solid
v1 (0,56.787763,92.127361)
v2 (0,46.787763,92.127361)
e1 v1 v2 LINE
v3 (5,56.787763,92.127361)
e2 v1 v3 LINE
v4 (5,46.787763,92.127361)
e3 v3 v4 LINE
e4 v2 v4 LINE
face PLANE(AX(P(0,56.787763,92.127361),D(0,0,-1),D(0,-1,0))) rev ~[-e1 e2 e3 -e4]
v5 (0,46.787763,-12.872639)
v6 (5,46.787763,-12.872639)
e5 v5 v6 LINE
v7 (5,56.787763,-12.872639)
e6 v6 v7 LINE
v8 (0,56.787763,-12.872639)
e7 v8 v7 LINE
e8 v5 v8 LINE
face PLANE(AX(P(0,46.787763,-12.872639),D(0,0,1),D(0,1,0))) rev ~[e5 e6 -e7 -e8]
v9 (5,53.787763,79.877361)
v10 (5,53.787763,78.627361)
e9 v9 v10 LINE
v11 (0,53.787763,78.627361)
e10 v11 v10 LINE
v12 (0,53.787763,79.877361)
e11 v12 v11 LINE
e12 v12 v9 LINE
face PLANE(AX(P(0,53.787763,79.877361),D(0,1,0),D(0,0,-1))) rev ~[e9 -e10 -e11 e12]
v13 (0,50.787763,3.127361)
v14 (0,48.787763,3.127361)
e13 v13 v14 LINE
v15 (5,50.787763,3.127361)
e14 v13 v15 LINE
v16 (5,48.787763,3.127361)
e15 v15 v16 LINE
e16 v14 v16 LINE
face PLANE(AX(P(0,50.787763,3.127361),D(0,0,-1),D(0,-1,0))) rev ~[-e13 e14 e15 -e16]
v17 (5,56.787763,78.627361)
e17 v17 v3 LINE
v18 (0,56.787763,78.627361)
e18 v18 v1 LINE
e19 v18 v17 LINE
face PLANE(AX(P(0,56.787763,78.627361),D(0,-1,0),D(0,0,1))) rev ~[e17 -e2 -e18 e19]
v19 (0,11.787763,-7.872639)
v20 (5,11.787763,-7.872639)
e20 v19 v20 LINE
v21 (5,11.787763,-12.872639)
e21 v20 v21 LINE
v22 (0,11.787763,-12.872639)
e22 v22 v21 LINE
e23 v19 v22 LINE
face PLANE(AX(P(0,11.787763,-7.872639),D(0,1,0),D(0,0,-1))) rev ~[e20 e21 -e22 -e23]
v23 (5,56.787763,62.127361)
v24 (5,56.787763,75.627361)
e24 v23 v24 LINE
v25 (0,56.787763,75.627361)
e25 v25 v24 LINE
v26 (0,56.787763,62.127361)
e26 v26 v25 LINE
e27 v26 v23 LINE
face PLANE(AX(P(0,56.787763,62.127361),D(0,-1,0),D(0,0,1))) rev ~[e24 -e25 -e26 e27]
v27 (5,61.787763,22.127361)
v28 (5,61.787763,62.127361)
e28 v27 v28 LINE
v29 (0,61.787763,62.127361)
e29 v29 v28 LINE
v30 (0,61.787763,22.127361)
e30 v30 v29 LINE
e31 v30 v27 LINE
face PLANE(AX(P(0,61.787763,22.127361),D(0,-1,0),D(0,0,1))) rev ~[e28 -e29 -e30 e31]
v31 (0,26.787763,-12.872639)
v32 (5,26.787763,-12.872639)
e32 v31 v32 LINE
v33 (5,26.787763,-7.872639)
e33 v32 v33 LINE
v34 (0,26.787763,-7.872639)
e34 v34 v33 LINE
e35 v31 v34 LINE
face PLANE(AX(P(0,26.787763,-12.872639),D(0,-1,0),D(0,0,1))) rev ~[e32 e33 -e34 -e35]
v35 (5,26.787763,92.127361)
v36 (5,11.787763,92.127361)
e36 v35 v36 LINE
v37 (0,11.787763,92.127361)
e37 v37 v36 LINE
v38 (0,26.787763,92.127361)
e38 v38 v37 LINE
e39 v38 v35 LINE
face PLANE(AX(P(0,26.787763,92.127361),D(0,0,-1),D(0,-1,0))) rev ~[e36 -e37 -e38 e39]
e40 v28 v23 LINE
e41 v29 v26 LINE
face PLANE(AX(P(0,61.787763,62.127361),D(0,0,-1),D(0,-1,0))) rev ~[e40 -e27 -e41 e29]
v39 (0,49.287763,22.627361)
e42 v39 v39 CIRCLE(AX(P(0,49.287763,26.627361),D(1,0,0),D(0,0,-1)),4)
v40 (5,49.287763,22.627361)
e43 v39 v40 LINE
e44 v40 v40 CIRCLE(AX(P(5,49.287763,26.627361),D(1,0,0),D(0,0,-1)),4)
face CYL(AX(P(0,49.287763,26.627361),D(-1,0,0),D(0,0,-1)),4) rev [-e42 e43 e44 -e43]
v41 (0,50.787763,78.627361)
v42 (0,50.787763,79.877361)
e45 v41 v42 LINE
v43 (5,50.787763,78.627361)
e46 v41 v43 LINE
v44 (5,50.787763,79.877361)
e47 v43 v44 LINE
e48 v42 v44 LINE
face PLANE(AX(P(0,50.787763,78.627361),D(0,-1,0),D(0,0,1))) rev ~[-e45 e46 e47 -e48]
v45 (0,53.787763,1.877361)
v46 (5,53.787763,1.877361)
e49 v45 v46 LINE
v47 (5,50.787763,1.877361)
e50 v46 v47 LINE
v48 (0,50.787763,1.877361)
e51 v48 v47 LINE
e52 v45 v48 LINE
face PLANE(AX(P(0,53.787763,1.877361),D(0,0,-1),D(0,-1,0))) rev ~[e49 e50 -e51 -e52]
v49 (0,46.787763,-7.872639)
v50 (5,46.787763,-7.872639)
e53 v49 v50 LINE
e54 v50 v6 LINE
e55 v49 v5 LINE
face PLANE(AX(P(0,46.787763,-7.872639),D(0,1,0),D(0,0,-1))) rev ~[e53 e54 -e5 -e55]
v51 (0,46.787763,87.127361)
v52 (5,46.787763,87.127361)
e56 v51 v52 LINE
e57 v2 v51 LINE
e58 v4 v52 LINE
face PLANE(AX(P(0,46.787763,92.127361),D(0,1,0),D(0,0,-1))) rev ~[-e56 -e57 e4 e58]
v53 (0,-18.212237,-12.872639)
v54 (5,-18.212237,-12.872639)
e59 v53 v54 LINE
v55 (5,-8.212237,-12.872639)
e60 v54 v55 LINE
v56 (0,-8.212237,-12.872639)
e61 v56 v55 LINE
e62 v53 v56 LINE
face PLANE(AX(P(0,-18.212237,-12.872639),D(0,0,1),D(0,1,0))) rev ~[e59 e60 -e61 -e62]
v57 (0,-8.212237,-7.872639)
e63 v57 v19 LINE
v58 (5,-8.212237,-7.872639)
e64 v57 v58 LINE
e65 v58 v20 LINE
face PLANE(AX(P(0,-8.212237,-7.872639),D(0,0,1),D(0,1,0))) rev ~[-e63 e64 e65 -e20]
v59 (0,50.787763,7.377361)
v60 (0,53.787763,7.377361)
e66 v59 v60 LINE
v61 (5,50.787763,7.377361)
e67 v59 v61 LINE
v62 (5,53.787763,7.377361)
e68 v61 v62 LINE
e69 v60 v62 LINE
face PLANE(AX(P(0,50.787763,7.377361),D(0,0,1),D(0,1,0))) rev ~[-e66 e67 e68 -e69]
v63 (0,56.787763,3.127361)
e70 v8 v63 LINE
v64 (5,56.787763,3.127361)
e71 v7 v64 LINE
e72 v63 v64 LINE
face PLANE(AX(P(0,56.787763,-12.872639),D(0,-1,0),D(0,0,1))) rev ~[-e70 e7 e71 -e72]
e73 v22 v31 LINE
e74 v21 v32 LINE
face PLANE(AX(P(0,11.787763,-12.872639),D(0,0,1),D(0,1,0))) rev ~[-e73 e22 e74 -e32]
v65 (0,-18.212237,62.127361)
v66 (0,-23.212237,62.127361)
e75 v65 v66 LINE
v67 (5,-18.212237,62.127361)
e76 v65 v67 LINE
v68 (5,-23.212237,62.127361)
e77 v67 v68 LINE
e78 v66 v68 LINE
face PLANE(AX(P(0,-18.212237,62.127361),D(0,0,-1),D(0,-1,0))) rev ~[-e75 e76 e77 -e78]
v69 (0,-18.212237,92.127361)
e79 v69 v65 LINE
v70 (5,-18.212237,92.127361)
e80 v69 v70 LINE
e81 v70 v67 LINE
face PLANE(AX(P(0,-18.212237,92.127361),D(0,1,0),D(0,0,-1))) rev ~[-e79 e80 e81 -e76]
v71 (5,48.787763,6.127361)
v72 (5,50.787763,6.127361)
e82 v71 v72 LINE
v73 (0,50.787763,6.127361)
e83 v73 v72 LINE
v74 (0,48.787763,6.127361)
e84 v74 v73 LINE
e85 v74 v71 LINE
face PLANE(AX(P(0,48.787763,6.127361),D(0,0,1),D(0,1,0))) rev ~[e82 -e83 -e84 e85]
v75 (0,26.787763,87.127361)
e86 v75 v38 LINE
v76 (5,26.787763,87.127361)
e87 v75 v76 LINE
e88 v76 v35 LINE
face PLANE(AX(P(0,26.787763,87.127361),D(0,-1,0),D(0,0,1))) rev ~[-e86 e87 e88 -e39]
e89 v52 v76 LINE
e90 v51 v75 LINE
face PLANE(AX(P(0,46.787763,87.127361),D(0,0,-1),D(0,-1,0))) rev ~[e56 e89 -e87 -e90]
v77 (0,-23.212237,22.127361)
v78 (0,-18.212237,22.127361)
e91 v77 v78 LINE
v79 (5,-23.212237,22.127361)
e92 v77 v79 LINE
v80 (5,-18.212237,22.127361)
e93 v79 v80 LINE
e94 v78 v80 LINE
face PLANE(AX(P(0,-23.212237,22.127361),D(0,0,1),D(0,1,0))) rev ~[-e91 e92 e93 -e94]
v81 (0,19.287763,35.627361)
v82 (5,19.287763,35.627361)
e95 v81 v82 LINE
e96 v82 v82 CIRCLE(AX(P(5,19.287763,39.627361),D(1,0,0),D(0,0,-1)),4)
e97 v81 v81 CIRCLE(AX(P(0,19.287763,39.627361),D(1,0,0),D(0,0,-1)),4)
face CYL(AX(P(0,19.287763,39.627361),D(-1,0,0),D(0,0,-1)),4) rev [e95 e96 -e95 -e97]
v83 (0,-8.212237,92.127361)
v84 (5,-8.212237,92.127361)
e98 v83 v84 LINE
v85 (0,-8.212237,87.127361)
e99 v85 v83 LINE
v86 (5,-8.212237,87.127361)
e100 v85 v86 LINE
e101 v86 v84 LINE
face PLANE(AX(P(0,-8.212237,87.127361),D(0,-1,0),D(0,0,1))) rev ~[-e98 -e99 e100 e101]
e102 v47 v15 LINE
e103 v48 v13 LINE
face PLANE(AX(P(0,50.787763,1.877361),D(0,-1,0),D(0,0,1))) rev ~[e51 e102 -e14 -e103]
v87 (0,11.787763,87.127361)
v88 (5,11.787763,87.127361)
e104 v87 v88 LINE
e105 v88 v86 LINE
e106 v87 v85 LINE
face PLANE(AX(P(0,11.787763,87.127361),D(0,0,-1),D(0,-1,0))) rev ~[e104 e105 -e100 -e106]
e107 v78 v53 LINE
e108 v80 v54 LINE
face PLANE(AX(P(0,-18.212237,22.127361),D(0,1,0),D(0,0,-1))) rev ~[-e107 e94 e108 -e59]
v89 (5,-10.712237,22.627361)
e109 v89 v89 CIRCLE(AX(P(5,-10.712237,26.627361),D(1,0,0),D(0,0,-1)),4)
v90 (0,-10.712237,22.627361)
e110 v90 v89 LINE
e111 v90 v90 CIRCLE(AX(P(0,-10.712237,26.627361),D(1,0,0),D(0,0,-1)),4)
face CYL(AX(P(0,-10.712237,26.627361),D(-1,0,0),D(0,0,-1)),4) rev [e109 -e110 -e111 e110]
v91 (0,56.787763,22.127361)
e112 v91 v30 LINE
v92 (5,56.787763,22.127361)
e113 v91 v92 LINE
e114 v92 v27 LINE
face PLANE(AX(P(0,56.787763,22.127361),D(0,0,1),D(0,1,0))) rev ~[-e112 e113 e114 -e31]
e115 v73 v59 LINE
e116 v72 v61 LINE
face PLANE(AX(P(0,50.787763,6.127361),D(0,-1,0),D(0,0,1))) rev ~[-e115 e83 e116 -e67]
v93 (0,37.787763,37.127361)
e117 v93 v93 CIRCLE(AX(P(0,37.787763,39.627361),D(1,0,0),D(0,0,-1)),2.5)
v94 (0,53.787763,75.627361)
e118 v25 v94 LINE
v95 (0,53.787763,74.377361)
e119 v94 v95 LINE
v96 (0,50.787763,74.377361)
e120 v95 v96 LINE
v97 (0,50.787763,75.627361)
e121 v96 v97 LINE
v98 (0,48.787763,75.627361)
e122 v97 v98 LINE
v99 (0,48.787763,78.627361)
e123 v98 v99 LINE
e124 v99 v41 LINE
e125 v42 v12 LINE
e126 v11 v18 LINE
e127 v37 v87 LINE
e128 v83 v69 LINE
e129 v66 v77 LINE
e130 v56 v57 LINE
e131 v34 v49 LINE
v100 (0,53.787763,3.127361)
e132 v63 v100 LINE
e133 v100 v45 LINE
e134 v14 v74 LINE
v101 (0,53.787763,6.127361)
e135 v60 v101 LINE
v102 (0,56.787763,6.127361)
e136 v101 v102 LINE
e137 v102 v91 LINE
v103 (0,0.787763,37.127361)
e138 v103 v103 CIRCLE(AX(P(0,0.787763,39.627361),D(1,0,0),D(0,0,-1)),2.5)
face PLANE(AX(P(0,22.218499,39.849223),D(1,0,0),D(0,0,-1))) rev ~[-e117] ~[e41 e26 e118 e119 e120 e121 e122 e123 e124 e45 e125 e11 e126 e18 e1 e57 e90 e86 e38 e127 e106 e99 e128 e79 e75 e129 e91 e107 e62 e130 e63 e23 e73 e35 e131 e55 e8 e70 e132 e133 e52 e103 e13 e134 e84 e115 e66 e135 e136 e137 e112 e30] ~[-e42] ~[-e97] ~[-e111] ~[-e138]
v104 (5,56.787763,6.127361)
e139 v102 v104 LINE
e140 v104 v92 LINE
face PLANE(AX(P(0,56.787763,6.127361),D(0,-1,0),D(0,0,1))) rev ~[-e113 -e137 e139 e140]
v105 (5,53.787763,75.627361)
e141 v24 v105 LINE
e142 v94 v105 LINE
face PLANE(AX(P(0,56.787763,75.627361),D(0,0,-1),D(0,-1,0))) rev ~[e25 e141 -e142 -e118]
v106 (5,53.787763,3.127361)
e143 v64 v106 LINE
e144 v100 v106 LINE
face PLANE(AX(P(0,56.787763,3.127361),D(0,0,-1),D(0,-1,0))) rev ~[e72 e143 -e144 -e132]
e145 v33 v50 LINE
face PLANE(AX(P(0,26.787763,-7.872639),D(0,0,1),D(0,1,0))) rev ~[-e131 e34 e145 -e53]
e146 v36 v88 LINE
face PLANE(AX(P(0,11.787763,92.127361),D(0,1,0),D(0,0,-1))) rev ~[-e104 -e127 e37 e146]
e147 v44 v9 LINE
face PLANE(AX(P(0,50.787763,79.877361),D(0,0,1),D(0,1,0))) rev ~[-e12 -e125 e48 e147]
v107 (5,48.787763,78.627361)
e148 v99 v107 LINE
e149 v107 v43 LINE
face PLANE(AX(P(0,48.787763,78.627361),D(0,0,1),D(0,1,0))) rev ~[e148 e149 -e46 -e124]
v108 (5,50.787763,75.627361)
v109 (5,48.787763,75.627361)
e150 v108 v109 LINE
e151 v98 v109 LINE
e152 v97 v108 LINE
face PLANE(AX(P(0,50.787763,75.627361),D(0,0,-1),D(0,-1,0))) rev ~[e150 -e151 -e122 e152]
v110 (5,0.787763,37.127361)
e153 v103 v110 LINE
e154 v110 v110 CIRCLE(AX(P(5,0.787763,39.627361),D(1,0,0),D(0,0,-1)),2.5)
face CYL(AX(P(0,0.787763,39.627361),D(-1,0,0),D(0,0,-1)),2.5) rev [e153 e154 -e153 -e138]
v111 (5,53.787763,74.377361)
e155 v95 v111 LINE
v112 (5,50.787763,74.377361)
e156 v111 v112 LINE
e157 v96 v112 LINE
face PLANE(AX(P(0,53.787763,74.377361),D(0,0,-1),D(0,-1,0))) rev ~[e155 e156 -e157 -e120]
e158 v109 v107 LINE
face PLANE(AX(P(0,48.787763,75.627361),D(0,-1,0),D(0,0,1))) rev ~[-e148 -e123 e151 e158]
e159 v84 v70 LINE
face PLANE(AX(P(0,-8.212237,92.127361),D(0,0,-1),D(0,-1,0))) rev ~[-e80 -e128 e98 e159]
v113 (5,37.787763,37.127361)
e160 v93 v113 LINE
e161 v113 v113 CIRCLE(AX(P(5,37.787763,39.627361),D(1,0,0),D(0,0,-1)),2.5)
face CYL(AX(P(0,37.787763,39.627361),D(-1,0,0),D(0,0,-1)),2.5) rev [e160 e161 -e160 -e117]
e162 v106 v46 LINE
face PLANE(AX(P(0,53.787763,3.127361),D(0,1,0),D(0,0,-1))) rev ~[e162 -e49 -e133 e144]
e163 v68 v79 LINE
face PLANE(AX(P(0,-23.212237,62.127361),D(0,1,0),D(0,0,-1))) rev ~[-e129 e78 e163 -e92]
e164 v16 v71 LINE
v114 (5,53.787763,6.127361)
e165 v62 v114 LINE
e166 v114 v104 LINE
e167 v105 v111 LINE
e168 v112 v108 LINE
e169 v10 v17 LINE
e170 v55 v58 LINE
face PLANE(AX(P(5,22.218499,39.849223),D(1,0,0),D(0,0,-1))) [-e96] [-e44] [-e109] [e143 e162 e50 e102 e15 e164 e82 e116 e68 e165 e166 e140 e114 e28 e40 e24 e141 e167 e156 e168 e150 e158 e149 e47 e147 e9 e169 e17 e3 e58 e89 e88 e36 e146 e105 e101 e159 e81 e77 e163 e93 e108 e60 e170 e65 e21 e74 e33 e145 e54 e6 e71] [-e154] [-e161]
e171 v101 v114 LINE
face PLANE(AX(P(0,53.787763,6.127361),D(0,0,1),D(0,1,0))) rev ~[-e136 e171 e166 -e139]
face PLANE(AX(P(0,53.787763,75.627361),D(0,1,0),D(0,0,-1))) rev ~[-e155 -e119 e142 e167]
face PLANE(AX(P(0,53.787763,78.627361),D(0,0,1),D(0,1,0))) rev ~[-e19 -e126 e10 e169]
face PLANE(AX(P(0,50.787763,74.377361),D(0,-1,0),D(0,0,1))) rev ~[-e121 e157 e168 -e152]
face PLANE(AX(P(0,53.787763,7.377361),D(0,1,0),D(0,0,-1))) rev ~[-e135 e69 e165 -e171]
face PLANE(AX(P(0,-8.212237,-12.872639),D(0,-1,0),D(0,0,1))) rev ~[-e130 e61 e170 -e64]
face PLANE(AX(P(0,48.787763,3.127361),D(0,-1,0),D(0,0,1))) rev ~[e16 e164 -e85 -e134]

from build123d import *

# Parameters (mm, degrees)
SKETCH_1_R      = 4
SKETCH_1_R_2    = 2.5
EXTRUDE_1_DEPTH = 5


with BuildPart() as part:
    # 草图1 → 凸台-拉伸1 (new body)
    with BuildSketch(Plane(origin=(0, 0, 0), x_dir=(0, 0, -1), z_dir=(1, 0, 0))):
        Polygon((-62.127361451, 56.787762609), (-75.627361451, 56.787762609), (-75.627361451, 53.787762609), (-74.377361451, 53.787762609), (-74.377361451, 50.787762609), (-75.627361451, 50.787762609), (-75.627361451, 48.787762609), (-78.627361451, 48.787762609), (-78.627361451, 50.787762609), (-79.877361451, 50.787762609), (-79.877361451, 53.787762609), (-78.627361451, 53.787762609), (-78.627361451, 56.787762609), (-92.127361451, 56.787762609), (-92.127361451, 46.787762609), (-87.127361451, 46.787762609), (-87.127361451, 26.787762609), (-92.127361451, 26.787762609), (-92.127361451, 11.787762609), (-87.127361451, 11.787762609), (-87.127361451, -8.212237391), (-92.127361451, -8.212237391), (-92.127361451, -18.212237391), (-62.127361451, -18.212237391), (-62.127361451, -23.212237391), (-22.127361451, -23.212237391), (-22.127361451, -18.212237391), (12.872638549, -18.212237391), (12.872638549, -8.212237391), (7.872638549, -8.212237391), (7.872638549, 11.787762609), (12.872638549, 11.787762609), (12.872638549, 26.787762609), (7.872638549, 26.787762609), (7.872638549, 46.787762609), (12.872638549, 46.787762609), (12.872638549, 56.787762609), (-3.127361451, 56.787762609), (-3.127361451, 53.787762609), (-1.877361451, 53.787762609), (-1.877361451, 50.787762609), (-3.127361451, 50.787762609), (-3.127361451, 48.787762609), (-6.127361451, 48.787762609), (-6.127361451, 50.787762609), (-7.377361451, 50.787762609), (-7.377361451, 53.787762609), (-6.127361451, 53.787762609), (-6.127361451, 56.787762609), (-22.127361451, 56.787762609), (-22.127361451, 61.787762609), (-62.127361451, 61.787762609), align=None)
        with Locations((-39.627361451, 19.287762609)):
            Circle(SKETCH_1_R, mode=Mode.SUBTRACT)
        with Locations((-39.627361451, 37.787762609)):
            Circle(SKETCH_1_R_2, mode=Mode.SUBTRACT)
        with Locations((-39.627361451, 0.787762609)):
            Circle(SKETCH_1_R_2, mode=Mode.SUBTRACT)
        with Locations((-26.627361451, 49.287762609)):
            Circle(SKETCH_1_R, mode=Mode.SUBTRACT)
        with Locations((-26.627361451, -10.712237391)):
            Circle(SKETCH_1_R, mode=Mode.SUBTRACT)
    extrude(amount=EXTRUDE_1_DEPTH)


solid = part.part
